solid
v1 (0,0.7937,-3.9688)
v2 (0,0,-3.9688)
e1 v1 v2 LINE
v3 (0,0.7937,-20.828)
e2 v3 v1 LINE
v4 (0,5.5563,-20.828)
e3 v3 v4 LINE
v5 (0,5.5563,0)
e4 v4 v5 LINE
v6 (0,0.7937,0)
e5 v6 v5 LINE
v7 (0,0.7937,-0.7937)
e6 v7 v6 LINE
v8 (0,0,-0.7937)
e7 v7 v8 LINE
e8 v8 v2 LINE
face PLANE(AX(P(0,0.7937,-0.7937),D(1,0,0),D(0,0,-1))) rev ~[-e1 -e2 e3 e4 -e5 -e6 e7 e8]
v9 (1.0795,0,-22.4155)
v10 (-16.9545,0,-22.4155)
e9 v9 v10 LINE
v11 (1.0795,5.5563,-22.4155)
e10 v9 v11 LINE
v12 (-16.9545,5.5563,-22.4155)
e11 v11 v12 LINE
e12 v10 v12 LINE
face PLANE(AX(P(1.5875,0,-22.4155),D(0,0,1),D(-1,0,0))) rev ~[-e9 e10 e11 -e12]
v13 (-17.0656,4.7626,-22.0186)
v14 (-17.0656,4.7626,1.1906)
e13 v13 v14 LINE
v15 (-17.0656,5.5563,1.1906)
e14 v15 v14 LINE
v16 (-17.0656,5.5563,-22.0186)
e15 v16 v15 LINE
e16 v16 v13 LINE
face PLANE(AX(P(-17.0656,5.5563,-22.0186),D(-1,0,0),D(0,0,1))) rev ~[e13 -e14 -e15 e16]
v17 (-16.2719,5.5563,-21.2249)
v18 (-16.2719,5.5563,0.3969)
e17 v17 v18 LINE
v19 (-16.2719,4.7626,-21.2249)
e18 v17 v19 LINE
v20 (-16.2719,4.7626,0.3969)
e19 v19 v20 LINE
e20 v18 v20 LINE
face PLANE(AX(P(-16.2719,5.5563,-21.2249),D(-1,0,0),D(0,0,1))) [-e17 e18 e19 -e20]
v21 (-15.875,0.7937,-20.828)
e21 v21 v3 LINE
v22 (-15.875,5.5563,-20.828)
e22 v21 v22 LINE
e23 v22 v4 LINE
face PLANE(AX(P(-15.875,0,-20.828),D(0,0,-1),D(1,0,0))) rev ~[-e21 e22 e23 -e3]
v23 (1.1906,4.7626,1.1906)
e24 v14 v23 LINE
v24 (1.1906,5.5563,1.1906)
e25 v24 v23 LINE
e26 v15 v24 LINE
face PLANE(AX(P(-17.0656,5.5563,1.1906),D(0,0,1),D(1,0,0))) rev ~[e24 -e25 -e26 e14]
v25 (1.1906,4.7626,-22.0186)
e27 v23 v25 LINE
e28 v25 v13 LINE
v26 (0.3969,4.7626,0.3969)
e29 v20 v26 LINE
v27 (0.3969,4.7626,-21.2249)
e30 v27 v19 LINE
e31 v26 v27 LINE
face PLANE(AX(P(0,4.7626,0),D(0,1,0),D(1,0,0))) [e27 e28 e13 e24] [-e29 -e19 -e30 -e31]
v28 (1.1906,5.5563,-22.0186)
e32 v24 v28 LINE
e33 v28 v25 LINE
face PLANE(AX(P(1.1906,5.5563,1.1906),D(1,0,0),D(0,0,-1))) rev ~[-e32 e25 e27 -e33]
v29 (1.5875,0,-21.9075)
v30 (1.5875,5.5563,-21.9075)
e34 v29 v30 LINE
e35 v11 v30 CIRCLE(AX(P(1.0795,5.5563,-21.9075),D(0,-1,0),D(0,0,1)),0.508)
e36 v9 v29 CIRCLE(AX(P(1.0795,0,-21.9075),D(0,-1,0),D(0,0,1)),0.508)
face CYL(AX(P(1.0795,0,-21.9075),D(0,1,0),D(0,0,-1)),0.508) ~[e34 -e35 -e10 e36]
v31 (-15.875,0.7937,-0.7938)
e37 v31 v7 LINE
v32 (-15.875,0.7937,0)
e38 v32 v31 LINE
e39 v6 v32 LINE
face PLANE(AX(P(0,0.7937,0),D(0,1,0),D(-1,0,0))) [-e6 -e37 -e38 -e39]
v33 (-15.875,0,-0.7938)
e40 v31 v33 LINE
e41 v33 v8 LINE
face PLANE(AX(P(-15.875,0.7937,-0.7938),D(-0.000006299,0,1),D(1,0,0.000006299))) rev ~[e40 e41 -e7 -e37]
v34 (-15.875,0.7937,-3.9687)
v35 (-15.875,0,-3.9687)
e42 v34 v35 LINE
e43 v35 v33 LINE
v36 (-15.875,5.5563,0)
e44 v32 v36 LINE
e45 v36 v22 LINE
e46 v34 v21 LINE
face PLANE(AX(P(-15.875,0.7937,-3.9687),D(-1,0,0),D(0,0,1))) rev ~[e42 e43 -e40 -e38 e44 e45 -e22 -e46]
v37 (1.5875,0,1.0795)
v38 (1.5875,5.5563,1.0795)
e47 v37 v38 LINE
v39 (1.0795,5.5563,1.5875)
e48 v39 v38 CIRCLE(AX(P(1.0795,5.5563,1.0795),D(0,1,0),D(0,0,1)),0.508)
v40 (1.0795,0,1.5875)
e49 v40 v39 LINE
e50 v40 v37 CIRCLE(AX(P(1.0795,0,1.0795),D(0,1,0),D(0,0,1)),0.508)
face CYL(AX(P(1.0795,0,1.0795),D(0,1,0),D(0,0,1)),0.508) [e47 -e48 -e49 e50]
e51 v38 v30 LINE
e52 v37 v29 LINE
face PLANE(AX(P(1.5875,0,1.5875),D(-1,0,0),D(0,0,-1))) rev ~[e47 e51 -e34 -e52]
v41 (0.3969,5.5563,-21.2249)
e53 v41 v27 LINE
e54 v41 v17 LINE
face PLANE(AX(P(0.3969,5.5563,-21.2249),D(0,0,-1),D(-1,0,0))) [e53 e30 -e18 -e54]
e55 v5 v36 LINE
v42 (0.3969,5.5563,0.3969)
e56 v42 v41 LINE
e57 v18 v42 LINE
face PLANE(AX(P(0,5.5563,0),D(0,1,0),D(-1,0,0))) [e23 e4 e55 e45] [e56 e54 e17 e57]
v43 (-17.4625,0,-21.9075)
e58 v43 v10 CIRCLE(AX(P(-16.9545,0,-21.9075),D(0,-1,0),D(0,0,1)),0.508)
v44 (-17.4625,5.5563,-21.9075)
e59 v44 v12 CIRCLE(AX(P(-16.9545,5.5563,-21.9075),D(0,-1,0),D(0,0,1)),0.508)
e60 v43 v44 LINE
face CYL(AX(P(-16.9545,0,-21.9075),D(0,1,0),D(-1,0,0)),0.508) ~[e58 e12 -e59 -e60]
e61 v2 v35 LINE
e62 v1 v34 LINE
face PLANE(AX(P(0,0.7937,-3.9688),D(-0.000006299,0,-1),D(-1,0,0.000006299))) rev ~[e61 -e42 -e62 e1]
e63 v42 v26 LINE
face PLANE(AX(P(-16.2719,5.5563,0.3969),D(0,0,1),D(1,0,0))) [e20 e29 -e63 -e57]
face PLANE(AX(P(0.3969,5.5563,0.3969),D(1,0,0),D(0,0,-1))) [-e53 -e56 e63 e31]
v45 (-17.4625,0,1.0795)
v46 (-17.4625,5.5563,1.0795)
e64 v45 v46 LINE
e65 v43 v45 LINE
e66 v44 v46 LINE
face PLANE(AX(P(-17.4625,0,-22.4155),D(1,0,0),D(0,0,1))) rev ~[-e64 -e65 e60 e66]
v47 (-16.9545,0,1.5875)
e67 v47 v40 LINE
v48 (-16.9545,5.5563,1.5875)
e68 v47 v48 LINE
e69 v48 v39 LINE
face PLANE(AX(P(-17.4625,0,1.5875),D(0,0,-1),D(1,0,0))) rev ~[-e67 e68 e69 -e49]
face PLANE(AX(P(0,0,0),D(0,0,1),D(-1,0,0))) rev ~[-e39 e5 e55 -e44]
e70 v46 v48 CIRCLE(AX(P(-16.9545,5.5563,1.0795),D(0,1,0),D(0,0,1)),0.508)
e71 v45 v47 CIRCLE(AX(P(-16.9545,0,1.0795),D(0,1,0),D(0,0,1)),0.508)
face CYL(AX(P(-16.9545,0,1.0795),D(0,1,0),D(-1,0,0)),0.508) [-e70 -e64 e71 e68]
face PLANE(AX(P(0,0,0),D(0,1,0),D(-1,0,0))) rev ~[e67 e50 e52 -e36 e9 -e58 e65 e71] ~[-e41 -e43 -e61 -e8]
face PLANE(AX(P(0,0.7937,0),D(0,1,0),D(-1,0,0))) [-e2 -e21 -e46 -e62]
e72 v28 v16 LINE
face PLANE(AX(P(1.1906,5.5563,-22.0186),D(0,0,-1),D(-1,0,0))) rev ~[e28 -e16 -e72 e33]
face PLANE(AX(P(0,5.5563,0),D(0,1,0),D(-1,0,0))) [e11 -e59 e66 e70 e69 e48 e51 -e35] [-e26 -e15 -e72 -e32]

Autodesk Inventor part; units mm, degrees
ref_plane "YZ Plane" through (0, 0, 0) normal (1, 0, 0) x (0, 1, 0)
ref_plane "XZ Plane" through (0, 0, 0) normal (0, 1, 0) x (-1, 0, 0)
ref_plane "XY Plane" through (0, 0, 0) normal (0, 0, 1) x (1, 0, 0)
sketch "Sketch1" plane through (0, 0, 0) normal (0, 1, 0) x (-1, 0, 0)
  line L0 (0, 0) -> (15.875, 0)
  line L1 (15.875, 0) -> (15.875, -20.828)
  line L2 (15.875, -20.828) -> (0, -20.828)
  line L3 (0, -20.828) -> (0, 0)
  line L4 (17.4625, 1.5875) -> (-1.5875, 1.5875)
  line L5 (-1.5875, 1.5875) -> (-1.5875, -22.4155)
  line L6 (-1.5875, -22.4155) -> (17.4625, -22.4155)
  line L7 (17.4625, -22.4155) -> (17.4625, 1.5875)
  dimension "d0" = 20.828
  dimension "d1" = 15.875
  dimension "d2" = 1.5875
  dimension "d3" = 1.5875
  dimension "d4" = 1.5875
  dimension "d5" = 1.5875
extrude "Extrusion1" add sketch "Sketch1" along normal blind 0.7937 contours L0 L1 L2 L3
extrude "Extrusion2" add sketch "Sketch1" along normal blind 5.5563
sketch "Sketch2" plane through (0, 0.7937, 0) normal (0, 1, 0) x (1, 0, 0)
  line L0 (0, 0) -> (-15.875, 0) projected
  line L1 (0, 20.828) -> (-15.875, 20.828) projected
  line L2 (-15.875, 20.828) -> (-15.875, 0) projected
  line L3 (-15.875, 0) -> (0, 0) projected
  line L4 (0, 0) -> (0, 20.828) projected
  line L5 (-15.875, 0.7938) -> (0, 0.7937)
  line L6 (0, 0.7937) -> (0, 3.9688)
  line L7 (0, 3.9688) -> (-15.875, 3.9687)
  line L8 (-15.875, 3.9687) -> (-15.875, 0.7938)
  point P0 (0, 0.7937)
  dimension "d10" = 3.175
  dimension "d11" = 0.7937
extrude "Extrusion3" cut sketch "Sketch2" against normal blind 5.5563 contours L5 L2 L7 L4
sketch "Sketch3" plane through (0, 5.5563, 0) normal (0, 1, 0) x (1, 0, 0)
  line L0 (1.5875, -1.5875) -> (1.5875, 22.4155) projected
  line L1 (1.5875, 22.4155) -> (-17.4625, 22.4155) projected
  line L2 (-17.4625, 22.4155) -> (-17.4625, -1.5875) projected
  line L3 (-17.4625, -1.5875) -> (1.5875, -1.5875) projected
  line L4 (0, 0) -> (-15.875, 0) projected
  line L5 (-15.875, 0) -> (-15.875, 20.828) projected
  line L6 (-15.875, 20.828) -> (0, 20.828) projected
  line L7 (0, 20.828) -> (0, 0) projected
  line L8 (-17.0656, -1.1906) -> (1.1906, -1.1906)
  line L9 (1.1906, -1.1906) -> (1.1906, 22.0186)
  line L10 (1.1906, 22.0186) -> (-17.0656, 22.0186)
  line L11 (-17.0656, 22.0186) -> (-17.0656, -1.1906)
  line L12 (-16.2719, -0.3969) -> (0.3969, -0.3969)
  line L13 (0.3969, -0.3969) -> (0.3969, 21.2249)
  line L14 (0.3969, 21.2249) -> (-16.2719, 21.2249)
  line L15 (-16.2719, 21.2249) -> (-16.2719, -0.3969)
  dimension "d14" = 0.3969
  dimension "d15" = 0.3969
  dimension "d16" = 0.3969
  dimension "d17" = 0.3969
  dimension "d18" = 0.3969
  dimension "d19" = 0.3969
  dimension "d20" = 0.3969
  dimension "d21" = 0.3969
extrude "Extrusion4" cut sketch "Sketch3" against normal blind 0.7937 contours L11 L10 L9 L8
fillet "Fillet1" radius 0.508 4 edges at (-17.4625, 2.7781, 1.5875) (-17.4625, 2.7781, -22.4155) (1.5875, 2.7781, -22.4155) (1.5875, 2.7781, 1.5875)
properties part number "Light Sensor Box V1_3DPrint"
